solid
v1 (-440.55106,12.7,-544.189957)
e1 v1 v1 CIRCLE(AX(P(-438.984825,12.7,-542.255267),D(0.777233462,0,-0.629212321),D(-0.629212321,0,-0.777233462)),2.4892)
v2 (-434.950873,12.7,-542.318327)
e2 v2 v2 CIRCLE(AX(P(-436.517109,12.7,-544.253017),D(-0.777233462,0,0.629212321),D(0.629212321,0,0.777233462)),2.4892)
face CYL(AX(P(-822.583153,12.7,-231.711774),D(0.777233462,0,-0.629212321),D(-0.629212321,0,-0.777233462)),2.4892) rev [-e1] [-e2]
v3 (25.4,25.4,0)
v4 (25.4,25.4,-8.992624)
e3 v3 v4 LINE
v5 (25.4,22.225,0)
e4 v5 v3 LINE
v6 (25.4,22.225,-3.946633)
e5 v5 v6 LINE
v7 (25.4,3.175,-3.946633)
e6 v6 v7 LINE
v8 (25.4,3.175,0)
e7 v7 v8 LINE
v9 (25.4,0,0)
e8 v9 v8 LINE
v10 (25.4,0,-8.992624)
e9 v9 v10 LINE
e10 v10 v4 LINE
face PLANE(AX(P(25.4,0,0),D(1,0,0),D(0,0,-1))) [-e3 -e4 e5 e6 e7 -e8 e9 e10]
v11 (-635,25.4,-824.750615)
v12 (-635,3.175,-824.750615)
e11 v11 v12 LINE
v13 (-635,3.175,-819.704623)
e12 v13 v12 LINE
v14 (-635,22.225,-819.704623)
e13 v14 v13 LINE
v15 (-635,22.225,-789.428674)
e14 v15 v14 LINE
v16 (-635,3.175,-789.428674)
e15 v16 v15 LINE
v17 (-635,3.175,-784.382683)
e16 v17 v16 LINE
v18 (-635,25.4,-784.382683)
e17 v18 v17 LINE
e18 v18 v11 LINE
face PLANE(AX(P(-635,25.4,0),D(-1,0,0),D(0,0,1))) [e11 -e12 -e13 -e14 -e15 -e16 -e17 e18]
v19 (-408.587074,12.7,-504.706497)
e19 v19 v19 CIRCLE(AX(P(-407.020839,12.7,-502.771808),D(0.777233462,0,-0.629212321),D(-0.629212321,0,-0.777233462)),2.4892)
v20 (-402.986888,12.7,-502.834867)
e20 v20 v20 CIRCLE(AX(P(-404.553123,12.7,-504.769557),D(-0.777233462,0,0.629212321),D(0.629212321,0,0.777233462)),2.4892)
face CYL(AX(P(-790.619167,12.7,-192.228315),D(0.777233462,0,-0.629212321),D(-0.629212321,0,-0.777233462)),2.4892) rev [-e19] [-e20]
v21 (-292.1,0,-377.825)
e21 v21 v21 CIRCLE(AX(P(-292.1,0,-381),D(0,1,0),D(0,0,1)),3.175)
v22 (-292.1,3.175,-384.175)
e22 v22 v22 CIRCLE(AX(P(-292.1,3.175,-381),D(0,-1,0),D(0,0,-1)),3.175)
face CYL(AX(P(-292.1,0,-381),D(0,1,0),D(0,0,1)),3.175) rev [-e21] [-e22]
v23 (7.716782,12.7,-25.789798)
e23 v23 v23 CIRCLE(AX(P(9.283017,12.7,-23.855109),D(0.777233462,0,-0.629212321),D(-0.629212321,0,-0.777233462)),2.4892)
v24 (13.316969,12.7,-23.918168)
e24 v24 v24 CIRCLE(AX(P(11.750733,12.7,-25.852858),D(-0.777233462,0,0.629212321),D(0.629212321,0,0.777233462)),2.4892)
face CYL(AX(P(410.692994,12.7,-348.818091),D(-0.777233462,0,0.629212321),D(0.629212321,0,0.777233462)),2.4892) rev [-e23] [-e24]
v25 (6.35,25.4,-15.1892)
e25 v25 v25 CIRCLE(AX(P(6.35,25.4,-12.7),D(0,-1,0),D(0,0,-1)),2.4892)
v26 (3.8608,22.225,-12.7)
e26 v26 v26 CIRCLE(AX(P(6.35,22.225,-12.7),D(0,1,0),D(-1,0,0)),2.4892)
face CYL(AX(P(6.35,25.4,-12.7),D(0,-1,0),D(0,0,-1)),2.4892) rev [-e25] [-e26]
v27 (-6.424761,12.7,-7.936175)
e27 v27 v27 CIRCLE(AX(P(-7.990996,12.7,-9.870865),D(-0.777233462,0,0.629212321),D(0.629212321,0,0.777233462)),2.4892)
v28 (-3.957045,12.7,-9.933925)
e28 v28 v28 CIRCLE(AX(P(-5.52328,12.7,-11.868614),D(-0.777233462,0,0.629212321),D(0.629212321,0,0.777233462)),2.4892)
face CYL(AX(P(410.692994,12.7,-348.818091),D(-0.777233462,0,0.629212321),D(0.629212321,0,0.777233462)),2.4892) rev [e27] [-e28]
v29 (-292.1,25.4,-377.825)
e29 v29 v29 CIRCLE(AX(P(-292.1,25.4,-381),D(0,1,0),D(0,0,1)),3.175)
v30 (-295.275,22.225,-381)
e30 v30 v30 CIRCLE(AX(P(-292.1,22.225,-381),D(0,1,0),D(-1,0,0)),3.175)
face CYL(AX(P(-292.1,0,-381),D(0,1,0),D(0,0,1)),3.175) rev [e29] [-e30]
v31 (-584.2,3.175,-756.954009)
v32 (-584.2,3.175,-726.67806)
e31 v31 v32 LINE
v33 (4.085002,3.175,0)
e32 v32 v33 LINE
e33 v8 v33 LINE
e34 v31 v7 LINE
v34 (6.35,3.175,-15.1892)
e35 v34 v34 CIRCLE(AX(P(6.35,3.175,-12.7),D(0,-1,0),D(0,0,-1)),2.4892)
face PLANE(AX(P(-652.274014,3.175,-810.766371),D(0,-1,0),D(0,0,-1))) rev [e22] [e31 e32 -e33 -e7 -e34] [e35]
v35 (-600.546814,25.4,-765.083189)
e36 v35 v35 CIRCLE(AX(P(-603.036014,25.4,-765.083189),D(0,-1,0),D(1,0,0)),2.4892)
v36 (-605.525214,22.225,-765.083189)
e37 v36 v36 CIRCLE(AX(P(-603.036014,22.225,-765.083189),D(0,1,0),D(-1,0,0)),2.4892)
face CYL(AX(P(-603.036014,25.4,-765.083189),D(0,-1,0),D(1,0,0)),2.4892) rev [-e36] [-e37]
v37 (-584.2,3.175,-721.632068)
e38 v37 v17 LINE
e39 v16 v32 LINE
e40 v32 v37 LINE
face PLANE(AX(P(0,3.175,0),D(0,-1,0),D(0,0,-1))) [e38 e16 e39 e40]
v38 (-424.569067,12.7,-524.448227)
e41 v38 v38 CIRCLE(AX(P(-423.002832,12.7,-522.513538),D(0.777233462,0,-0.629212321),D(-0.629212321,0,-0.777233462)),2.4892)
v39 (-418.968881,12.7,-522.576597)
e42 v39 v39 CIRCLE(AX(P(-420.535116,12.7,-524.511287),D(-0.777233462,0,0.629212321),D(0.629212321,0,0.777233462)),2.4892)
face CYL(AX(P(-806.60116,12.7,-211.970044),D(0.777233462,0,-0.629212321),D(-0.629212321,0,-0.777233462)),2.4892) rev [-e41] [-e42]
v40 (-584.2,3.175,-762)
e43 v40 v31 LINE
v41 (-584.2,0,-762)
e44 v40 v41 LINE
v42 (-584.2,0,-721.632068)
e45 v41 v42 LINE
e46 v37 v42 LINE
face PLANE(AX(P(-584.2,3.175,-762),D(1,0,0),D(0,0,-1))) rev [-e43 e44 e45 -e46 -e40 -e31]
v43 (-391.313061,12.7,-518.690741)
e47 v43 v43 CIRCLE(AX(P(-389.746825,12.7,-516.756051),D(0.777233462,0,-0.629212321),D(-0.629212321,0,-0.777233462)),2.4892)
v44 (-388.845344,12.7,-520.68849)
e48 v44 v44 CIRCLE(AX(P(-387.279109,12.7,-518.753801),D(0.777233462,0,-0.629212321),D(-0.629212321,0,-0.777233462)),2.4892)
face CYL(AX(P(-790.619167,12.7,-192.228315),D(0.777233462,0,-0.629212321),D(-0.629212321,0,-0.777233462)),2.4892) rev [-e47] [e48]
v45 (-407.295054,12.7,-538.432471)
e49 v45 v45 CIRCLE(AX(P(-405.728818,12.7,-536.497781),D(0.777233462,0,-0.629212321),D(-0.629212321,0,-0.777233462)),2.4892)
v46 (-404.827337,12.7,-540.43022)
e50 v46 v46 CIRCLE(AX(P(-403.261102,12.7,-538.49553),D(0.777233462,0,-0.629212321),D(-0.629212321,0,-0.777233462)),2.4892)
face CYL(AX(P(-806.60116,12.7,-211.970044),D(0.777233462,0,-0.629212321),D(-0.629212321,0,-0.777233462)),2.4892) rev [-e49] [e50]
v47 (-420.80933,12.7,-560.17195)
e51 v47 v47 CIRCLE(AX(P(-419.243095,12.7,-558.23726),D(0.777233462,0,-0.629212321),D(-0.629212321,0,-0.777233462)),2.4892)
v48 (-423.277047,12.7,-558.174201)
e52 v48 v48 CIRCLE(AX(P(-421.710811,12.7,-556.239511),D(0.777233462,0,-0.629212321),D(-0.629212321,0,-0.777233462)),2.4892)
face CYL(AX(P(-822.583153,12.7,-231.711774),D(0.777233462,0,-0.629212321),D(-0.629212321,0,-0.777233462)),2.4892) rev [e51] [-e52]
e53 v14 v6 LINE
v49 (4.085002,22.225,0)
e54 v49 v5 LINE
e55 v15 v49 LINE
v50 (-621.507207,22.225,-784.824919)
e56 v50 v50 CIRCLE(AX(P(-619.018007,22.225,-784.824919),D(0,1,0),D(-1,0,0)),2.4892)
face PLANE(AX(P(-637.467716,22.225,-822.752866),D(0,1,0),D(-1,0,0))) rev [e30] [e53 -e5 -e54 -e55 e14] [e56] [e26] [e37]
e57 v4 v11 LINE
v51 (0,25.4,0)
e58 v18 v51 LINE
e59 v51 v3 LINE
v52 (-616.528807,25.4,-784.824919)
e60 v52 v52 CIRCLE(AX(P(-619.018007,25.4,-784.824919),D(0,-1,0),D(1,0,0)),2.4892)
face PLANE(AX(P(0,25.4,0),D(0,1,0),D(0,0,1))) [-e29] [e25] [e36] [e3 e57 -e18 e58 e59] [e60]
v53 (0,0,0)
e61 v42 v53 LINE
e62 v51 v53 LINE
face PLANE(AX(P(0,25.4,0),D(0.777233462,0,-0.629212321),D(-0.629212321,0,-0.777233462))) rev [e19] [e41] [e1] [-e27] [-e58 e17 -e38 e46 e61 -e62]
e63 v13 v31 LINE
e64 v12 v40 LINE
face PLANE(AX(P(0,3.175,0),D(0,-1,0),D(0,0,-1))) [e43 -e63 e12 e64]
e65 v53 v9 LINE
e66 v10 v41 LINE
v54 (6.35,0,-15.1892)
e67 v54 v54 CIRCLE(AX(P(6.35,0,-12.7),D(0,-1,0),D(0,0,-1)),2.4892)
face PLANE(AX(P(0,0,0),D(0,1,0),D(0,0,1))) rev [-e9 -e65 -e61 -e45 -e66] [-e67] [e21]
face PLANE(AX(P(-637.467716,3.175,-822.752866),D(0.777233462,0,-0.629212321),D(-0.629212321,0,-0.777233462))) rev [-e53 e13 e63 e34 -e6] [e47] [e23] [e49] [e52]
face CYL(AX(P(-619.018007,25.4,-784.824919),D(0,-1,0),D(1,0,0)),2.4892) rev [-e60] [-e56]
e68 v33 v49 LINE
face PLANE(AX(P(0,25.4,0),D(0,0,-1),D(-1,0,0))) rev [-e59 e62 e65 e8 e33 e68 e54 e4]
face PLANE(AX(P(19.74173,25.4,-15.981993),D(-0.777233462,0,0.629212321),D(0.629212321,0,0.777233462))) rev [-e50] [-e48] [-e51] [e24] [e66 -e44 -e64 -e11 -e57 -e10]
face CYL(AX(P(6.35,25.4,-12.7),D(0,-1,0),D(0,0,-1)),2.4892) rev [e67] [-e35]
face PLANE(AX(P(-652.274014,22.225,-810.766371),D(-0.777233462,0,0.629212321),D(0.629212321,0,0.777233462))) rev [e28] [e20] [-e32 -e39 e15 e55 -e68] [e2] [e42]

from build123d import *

# Parameters (mm, degrees)
BOSS_EXTRUDE1_DEPTH      = 25.4
SKETCH2_W                = 19.05
SKETCH2_H                = 19.05
CUT_EXTRUDE1_DEPTH       = 1062.13626679
CUT_EXTRUDE4_DEPTH       = 26.4
SKETCH4_R                = 2.5019
SKETCH4_R_2              = 2.4892
CUT_EXTRUDE5_DEPTH       = 26.4
SKETCH6_R                = 2.4892
CUT_EXTRUDE7_DEPTH       = 539.684978519
SKETCH7_R                = 3.175
CUT_EXTRUDE8_DEPTH       = 26.4
CUT_EXTRUDE14_DEPTH      = 3.175
SKETCH16_R               = 2.4892
CUT_EXTRUDE15_DEPTH      = 23.225
CUT_EXTRUDE15_DEPTH_BACK = 4.175
SKETCH17_R               = 2.4892
CUT_EXTRUDE16_DEPTH      = 519.943248576


with BuildPart() as part:
    # Sketch1 → Boss-Extrude1 (new body)
    with BuildSketch(Plane(origin=(0, 0, 0), x_dir=(1, 0, 0), z_dir=(0, 1, 0))):
        Polygon((-584.2, 762), (-584.2, 721.632068306), (0, 0), (0, 40.367931694), align=None)
        Polygon((0, 40.367931694), (32.680013447, 0), (0, 0), align=None)
        Polygon((-635, 824.750614635), (-584.2, 762), (-584.2, 721.632068306), (-635, 784.382682941), align=None)
    extrude(amount=BOSS_EXTRUDE1_DEPTH)

    # Sketch2 → Cut-Extrude1 (cut, through all)
    with BuildSketch(Plane(origin=(12.938283504, 0, 15.981992956), x_dir=(0, -1, 0), z_dir=(0.629212321, 0, 0.777233462))):
        with Locations((-12.7, 12.7)):
            Rectangle(SKETCH2_W, SKETCH2_H)
    extrude(amount=-CUT_EXTRUDE1_DEPTH, mode=Mode.SUBTRACT)

    # Sketch3 → Cut-Extrude4 (cut, through all)
    with BuildSketch(Plane(origin=(0, 25.4, 0), x_dir=(1, 0, 0), z_dir=(0, 1, 0))):
        Polygon((25.4, 8.992624377), (25.4, 0), (32.680013447, 0), align=None)
    extrude(amount=-CUT_EXTRUDE4_DEPTH, mode=Mode.SUBTRACT)

    # Sketch4 → Cut-Extrude5 (cut, through all)
    with BuildSketch(Plane.XZ):
        with Locations((-571.537427097, -1019.306313169)):
            Circle(SKETCH4_R)
        with Locations((-565.206140645, -1008.297007475)):
            Circle(SKETCH4_R)
        with Locations((6.35, -12.7)):
            Circle(SKETCH4_R_2)
    extrude(amount=-CUT_EXTRUDE5_DEPTH, mode=Mode.SUBTRACT)

    # Sketch6 → Cut-Extrude7 (cut, through all)
    with BuildSketch(Plane(origin=(0, 0, 0), x_dir=(0.629212321, 0, 0.777233462), z_dir=(-0.777233462, 0, 0.629212321))):
        with Locations((-12.7, 12.7)):
            Circle(SKETCH6_R)
    extrude(amount=-CUT_EXTRUDE7_DEPTH, mode=Mode.SUBTRACT)

    # Sketch7 → Cut-Extrude8 (cut, through all)
    with BuildSketch(Plane(origin=(0, 25.4, 0), x_dir=(1, 0, 0), z_dir=(0, 1, 0))):
        with Locations((-292.1, 381)):
            Circle(SKETCH7_R)
    extrude(amount=-CUT_EXTRUDE8_DEPTH, mode=Mode.SUBTRACT)

    # Sketch15 → Cut-Extrude14 (cut)
    with BuildSketch(Plane.XZ):
        Polygon((-635, -784.382682941), (-635, -824.750614635), (-584.2, -762), (-584.2, -721.632068306), align=None)
    extrude(amount=-CUT_EXTRUDE14_DEPTH, mode=Mode.SUBTRACT)

    # Sketch16 → Cut-Extrude15 (cut, two sides)
    with BuildSketch(Plane.XZ.offset(-22.225)) as cut_extrude15_sk:
        with Locations((-603.036014087, -765.083188902)):
            Circle(SKETCH16_R)
        with Locations((-619.018007044, -784.824918845)):
            Circle(SKETCH16_R)
    extrude(amount=CUT_EXTRUDE15_DEPTH, mode=Mode.SUBTRACT)
    extrude(cut_extrude15_sk.sketch, amount=-CUT_EXTRUDE15_DEPTH_BACK, mode=Mode.SUBTRACT)

    # Sketch17 → Cut-Extrude16 (cut, through all)
    with BuildSketch(Plane(origin=(19.741729943, 0, -15.981992956), x_dir=(-0.629212321, 0, -0.777233462), z_dir=(0.777233462, 0, -0.629212321))):
        with Locations((697.673599675, 12.7)):
            Circle(SKETCH17_R)
        with Locations((672.273599675, 12.7)):
            Circle(SKETCH17_R)
        with Locations((646.873599675, 12.7)):
            Circle(SKETCH17_R)
    extrude(amount=-CUT_EXTRUDE16_DEPTH, mode=Mode.SUBTRACT)


solid = part.part
